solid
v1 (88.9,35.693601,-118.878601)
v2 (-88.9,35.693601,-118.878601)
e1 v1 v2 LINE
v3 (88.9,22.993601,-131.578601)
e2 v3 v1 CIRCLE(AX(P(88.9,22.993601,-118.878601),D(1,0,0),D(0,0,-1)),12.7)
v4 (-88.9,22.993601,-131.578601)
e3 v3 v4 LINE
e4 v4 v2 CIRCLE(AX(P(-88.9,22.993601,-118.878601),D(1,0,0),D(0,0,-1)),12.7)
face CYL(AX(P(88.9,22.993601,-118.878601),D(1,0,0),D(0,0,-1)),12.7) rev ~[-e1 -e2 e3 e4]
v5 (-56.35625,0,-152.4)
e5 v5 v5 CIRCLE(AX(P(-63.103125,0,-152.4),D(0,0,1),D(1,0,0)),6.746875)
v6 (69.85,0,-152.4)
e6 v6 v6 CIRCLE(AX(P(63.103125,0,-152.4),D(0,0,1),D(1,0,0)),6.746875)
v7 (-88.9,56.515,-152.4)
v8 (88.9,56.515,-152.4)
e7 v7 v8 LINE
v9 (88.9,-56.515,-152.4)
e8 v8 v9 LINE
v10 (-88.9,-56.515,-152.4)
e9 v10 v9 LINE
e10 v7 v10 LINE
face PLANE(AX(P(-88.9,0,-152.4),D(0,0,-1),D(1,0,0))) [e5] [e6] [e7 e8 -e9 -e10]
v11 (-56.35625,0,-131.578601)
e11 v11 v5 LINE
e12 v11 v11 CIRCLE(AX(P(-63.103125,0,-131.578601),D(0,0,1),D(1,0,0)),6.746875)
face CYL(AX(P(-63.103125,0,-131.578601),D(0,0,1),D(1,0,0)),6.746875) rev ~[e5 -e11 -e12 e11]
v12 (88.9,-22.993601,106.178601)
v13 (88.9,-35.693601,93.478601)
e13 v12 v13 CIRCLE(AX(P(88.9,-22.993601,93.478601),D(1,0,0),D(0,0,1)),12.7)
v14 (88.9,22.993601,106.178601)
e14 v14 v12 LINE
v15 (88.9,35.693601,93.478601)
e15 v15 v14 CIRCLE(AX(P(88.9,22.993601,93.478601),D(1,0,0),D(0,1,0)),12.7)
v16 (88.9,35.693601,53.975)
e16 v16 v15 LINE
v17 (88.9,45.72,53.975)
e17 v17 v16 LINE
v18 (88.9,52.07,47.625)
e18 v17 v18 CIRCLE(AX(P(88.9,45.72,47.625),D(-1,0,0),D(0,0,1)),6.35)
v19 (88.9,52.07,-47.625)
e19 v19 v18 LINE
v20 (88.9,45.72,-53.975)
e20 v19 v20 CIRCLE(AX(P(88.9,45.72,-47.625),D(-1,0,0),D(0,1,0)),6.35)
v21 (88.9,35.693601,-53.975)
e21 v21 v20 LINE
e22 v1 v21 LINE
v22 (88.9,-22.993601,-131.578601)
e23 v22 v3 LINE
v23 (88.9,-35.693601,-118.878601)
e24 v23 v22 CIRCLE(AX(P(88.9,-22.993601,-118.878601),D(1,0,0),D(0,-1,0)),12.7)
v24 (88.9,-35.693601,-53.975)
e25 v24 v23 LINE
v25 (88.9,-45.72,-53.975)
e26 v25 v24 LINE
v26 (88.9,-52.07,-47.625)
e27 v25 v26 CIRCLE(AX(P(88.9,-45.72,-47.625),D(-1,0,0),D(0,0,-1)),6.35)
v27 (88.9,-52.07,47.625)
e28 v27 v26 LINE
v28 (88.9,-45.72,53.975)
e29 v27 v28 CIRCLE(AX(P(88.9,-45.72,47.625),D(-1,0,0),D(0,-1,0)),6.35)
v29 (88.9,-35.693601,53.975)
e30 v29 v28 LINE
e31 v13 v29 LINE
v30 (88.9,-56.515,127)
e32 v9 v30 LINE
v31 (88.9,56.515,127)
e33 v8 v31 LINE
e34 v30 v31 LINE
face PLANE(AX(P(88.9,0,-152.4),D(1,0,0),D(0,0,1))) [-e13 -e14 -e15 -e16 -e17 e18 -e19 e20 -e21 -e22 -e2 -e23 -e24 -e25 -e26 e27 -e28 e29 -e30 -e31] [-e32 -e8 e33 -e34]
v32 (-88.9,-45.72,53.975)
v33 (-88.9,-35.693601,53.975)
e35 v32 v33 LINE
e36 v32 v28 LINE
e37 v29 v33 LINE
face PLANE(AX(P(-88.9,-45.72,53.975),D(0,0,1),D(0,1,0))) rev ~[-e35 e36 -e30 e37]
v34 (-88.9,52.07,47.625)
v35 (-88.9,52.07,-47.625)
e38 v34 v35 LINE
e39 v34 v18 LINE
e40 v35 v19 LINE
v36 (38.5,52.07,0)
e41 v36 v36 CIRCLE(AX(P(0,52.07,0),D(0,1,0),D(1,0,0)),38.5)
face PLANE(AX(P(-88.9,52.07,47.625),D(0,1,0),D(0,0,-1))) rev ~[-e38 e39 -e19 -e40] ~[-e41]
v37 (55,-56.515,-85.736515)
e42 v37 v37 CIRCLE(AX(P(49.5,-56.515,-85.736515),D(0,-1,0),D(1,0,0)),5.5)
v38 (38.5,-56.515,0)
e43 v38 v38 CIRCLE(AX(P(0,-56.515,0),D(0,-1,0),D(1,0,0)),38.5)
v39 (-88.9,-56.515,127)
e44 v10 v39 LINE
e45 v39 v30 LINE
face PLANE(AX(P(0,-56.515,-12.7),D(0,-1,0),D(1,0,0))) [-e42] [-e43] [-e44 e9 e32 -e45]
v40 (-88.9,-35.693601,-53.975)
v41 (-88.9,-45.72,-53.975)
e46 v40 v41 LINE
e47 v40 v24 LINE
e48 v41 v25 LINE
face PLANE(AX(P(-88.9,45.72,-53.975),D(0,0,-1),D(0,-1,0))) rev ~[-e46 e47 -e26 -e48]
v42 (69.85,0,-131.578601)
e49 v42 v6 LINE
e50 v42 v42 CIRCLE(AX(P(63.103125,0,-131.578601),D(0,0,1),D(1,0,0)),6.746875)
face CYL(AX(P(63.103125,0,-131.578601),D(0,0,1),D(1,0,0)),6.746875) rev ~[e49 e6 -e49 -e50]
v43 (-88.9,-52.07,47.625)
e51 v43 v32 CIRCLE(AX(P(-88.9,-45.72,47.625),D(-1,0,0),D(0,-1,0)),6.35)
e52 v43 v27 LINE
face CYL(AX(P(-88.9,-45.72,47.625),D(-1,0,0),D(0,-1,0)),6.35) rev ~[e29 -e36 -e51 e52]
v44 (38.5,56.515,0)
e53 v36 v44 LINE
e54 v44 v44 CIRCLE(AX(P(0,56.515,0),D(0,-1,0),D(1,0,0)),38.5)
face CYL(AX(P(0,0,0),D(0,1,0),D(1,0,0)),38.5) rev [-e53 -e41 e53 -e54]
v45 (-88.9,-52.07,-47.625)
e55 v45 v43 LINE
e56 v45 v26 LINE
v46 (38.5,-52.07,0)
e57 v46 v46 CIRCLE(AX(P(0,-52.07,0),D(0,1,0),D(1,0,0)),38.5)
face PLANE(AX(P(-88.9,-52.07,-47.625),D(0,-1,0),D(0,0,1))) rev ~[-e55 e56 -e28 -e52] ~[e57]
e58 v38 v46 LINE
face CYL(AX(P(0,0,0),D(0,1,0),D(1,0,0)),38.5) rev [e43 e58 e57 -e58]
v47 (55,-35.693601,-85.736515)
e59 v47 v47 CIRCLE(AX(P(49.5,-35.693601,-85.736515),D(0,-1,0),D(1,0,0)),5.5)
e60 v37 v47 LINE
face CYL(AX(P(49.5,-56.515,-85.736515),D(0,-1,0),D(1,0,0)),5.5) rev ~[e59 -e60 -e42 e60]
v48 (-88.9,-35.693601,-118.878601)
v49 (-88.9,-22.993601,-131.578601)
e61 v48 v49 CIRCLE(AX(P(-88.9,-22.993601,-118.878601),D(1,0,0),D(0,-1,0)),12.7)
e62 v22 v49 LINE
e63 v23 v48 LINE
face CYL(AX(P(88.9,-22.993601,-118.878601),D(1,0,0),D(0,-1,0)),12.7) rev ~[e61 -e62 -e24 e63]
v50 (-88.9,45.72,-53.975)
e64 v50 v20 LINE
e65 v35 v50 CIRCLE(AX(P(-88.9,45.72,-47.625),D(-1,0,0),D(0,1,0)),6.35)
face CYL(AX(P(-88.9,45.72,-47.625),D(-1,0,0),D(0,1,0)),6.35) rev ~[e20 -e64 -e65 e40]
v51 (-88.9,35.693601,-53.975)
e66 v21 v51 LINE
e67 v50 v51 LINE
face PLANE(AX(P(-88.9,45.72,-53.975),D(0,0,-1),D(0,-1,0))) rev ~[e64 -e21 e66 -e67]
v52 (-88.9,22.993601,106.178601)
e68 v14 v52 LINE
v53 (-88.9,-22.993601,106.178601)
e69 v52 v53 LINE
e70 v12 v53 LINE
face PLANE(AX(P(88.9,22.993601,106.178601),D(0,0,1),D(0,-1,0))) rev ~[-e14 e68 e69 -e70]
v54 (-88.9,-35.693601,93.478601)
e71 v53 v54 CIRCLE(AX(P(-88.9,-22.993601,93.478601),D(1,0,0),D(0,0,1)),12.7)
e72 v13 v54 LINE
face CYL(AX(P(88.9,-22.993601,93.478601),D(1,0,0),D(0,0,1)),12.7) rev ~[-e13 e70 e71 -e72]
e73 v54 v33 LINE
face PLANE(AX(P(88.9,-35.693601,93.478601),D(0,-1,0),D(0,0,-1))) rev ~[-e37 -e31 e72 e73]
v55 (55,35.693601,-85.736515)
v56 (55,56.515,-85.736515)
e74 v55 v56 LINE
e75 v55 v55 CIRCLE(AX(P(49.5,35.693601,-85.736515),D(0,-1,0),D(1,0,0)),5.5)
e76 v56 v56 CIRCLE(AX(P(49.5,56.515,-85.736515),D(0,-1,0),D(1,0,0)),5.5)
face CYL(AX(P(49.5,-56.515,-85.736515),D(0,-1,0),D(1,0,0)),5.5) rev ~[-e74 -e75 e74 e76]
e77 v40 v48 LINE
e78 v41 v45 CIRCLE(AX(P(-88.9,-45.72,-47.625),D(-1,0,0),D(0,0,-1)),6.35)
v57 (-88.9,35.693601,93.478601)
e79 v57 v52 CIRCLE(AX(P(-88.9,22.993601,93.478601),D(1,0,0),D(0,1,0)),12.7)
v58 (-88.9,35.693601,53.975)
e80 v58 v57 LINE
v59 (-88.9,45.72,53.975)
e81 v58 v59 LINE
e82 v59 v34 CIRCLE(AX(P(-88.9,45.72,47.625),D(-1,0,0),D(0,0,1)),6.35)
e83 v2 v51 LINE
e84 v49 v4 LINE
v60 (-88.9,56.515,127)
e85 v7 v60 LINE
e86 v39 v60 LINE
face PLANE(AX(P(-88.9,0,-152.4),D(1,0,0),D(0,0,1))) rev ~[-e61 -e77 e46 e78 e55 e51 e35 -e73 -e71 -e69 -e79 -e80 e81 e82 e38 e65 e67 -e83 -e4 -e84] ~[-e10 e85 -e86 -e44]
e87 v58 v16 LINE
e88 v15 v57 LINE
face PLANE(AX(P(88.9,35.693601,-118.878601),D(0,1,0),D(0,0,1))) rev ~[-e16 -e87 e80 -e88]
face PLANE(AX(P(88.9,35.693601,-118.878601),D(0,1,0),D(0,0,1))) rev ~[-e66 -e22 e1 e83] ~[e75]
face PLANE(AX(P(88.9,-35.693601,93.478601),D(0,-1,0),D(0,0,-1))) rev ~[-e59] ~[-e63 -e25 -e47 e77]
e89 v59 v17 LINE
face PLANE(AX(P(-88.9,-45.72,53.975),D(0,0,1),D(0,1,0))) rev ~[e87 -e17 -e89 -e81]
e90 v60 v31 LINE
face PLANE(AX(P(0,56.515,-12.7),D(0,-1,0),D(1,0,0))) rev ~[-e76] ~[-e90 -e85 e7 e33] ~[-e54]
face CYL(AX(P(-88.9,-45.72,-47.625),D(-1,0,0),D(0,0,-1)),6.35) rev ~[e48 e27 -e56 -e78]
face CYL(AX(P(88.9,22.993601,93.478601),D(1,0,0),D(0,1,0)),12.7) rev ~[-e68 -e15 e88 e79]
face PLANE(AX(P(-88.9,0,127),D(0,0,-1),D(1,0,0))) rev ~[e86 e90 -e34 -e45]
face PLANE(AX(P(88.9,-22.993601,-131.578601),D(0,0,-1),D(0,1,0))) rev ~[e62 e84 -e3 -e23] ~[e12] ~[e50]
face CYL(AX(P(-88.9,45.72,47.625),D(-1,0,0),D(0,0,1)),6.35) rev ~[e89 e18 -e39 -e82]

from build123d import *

# Parameters (mm, degrees)
F0_W     = 177.8
F0_H     = 279.4
F0_R     = 38.5
F1_DEPTH = 56.515
F3_DEPTH = 177.801
F5_DEPTH = 177.801
F6_R     = 6.746875
F7_DEPTH = 20.8223992262
F8_R     = 5.5
F9_DEPTH = 113.031


with BuildPart() as f1:
    # F0 (on Front) → F1 (new body, symmetric)
    with BuildSketch(Plane.XZ):
        with Locations((0, -12.7)):
            Rectangle(F0_W, F0_H)
        Circle(F0_R, mode=Mode.SUBTRACT)
    extrude(amount=F1_DEPTH, both=True)

    # F2 (on face) → F3 (cut, through all)
    with BuildSketch(Plane.YZ.offset(88.9)):
        with BuildLine():
            ThreePointArc((22.9936007738, -131.5786007738), (31.9738568949, -127.8588568949), (35.6936007738, -118.8786007738))
            Line((35.6936007738, -118.8786007738), (35.6936007738, 93.4786007738))
            ThreePointArc((35.6936007738, 93.4786007738), (31.9738568949, 102.4588568949), (22.9936007738, 106.1786007738))
            Line((22.9936007738, 106.1786007738), (-22.9936007738, 106.1786007738))
            ThreePointArc((-22.9936007738, 106.1786007738), (-31.9738568949, 102.4588568949), (-35.6936007738, 93.4786007738))
            Line((-35.6936007738, 93.4786007738), (-35.6936007738, -118.8786007738))
            ThreePointArc((-35.6936007738, -118.8786007738), (-31.9738568949, -127.8588568949), (-22.9936007738, -131.5786007738))
            Line((-22.9936007738, -131.5786007738), (22.9936007738, -131.5786007738))
        make_face()
    extrude(amount=-F3_DEPTH, mode=Mode.SUBTRACT)

    # F4 (on face) → F5 (cut, through all)
    with BuildSketch(Plane(origin=(-88.9, 0, 0), x_dir=(0, -1, 0), z_dir=(-1, 0, 0))):
        with BuildLine():
            Line((45.72, 53.975), (-45.72, 53.975))
            ThreePointArc((-45.72, 53.975), (-50.2101280605, 52.1151280605), (-52.07, 47.625))
            Line((-52.07, 47.625), (-52.07, -47.625))
            ThreePointArc((-52.07, -47.625), (-50.2101280605, -52.1151280605), (-45.72, -53.975))
            Line((-45.72, -53.975), (45.72, -53.975))
            ThreePointArc((45.72, -53.975), (50.2101280605, -52.1151280605), (52.07, -47.625))
            Line((52.07, -47.625), (52.07, 47.625))
            ThreePointArc((52.07, 47.625), (50.2101280605, 52.1151280605), (45.72, 53.975))
        make_face()
    extrude(amount=-F5_DEPTH, mode=Mode.SUBTRACT)

    # F6 (on face) → F7 (cut, through all)
    with BuildSketch(Plane.XY.offset(-131.5786007738)):
        with Locations((63.103125, 0)):
            Circle(F6_R)
        with Locations((-63.103125, 0)):
            Circle(F6_R)
    extrude(amount=-F7_DEPTH, mode=Mode.SUBTRACT)

    # F8 (on face) → F9 (cut, through all)
    with BuildSketch(Plane.XZ.offset(56.515)):
        with Locations((49.5, -85.7365149747)):
            Circle(F8_R)
    extrude(amount=-F9_DEPTH, mode=Mode.SUBTRACT)


solid = f1.part
